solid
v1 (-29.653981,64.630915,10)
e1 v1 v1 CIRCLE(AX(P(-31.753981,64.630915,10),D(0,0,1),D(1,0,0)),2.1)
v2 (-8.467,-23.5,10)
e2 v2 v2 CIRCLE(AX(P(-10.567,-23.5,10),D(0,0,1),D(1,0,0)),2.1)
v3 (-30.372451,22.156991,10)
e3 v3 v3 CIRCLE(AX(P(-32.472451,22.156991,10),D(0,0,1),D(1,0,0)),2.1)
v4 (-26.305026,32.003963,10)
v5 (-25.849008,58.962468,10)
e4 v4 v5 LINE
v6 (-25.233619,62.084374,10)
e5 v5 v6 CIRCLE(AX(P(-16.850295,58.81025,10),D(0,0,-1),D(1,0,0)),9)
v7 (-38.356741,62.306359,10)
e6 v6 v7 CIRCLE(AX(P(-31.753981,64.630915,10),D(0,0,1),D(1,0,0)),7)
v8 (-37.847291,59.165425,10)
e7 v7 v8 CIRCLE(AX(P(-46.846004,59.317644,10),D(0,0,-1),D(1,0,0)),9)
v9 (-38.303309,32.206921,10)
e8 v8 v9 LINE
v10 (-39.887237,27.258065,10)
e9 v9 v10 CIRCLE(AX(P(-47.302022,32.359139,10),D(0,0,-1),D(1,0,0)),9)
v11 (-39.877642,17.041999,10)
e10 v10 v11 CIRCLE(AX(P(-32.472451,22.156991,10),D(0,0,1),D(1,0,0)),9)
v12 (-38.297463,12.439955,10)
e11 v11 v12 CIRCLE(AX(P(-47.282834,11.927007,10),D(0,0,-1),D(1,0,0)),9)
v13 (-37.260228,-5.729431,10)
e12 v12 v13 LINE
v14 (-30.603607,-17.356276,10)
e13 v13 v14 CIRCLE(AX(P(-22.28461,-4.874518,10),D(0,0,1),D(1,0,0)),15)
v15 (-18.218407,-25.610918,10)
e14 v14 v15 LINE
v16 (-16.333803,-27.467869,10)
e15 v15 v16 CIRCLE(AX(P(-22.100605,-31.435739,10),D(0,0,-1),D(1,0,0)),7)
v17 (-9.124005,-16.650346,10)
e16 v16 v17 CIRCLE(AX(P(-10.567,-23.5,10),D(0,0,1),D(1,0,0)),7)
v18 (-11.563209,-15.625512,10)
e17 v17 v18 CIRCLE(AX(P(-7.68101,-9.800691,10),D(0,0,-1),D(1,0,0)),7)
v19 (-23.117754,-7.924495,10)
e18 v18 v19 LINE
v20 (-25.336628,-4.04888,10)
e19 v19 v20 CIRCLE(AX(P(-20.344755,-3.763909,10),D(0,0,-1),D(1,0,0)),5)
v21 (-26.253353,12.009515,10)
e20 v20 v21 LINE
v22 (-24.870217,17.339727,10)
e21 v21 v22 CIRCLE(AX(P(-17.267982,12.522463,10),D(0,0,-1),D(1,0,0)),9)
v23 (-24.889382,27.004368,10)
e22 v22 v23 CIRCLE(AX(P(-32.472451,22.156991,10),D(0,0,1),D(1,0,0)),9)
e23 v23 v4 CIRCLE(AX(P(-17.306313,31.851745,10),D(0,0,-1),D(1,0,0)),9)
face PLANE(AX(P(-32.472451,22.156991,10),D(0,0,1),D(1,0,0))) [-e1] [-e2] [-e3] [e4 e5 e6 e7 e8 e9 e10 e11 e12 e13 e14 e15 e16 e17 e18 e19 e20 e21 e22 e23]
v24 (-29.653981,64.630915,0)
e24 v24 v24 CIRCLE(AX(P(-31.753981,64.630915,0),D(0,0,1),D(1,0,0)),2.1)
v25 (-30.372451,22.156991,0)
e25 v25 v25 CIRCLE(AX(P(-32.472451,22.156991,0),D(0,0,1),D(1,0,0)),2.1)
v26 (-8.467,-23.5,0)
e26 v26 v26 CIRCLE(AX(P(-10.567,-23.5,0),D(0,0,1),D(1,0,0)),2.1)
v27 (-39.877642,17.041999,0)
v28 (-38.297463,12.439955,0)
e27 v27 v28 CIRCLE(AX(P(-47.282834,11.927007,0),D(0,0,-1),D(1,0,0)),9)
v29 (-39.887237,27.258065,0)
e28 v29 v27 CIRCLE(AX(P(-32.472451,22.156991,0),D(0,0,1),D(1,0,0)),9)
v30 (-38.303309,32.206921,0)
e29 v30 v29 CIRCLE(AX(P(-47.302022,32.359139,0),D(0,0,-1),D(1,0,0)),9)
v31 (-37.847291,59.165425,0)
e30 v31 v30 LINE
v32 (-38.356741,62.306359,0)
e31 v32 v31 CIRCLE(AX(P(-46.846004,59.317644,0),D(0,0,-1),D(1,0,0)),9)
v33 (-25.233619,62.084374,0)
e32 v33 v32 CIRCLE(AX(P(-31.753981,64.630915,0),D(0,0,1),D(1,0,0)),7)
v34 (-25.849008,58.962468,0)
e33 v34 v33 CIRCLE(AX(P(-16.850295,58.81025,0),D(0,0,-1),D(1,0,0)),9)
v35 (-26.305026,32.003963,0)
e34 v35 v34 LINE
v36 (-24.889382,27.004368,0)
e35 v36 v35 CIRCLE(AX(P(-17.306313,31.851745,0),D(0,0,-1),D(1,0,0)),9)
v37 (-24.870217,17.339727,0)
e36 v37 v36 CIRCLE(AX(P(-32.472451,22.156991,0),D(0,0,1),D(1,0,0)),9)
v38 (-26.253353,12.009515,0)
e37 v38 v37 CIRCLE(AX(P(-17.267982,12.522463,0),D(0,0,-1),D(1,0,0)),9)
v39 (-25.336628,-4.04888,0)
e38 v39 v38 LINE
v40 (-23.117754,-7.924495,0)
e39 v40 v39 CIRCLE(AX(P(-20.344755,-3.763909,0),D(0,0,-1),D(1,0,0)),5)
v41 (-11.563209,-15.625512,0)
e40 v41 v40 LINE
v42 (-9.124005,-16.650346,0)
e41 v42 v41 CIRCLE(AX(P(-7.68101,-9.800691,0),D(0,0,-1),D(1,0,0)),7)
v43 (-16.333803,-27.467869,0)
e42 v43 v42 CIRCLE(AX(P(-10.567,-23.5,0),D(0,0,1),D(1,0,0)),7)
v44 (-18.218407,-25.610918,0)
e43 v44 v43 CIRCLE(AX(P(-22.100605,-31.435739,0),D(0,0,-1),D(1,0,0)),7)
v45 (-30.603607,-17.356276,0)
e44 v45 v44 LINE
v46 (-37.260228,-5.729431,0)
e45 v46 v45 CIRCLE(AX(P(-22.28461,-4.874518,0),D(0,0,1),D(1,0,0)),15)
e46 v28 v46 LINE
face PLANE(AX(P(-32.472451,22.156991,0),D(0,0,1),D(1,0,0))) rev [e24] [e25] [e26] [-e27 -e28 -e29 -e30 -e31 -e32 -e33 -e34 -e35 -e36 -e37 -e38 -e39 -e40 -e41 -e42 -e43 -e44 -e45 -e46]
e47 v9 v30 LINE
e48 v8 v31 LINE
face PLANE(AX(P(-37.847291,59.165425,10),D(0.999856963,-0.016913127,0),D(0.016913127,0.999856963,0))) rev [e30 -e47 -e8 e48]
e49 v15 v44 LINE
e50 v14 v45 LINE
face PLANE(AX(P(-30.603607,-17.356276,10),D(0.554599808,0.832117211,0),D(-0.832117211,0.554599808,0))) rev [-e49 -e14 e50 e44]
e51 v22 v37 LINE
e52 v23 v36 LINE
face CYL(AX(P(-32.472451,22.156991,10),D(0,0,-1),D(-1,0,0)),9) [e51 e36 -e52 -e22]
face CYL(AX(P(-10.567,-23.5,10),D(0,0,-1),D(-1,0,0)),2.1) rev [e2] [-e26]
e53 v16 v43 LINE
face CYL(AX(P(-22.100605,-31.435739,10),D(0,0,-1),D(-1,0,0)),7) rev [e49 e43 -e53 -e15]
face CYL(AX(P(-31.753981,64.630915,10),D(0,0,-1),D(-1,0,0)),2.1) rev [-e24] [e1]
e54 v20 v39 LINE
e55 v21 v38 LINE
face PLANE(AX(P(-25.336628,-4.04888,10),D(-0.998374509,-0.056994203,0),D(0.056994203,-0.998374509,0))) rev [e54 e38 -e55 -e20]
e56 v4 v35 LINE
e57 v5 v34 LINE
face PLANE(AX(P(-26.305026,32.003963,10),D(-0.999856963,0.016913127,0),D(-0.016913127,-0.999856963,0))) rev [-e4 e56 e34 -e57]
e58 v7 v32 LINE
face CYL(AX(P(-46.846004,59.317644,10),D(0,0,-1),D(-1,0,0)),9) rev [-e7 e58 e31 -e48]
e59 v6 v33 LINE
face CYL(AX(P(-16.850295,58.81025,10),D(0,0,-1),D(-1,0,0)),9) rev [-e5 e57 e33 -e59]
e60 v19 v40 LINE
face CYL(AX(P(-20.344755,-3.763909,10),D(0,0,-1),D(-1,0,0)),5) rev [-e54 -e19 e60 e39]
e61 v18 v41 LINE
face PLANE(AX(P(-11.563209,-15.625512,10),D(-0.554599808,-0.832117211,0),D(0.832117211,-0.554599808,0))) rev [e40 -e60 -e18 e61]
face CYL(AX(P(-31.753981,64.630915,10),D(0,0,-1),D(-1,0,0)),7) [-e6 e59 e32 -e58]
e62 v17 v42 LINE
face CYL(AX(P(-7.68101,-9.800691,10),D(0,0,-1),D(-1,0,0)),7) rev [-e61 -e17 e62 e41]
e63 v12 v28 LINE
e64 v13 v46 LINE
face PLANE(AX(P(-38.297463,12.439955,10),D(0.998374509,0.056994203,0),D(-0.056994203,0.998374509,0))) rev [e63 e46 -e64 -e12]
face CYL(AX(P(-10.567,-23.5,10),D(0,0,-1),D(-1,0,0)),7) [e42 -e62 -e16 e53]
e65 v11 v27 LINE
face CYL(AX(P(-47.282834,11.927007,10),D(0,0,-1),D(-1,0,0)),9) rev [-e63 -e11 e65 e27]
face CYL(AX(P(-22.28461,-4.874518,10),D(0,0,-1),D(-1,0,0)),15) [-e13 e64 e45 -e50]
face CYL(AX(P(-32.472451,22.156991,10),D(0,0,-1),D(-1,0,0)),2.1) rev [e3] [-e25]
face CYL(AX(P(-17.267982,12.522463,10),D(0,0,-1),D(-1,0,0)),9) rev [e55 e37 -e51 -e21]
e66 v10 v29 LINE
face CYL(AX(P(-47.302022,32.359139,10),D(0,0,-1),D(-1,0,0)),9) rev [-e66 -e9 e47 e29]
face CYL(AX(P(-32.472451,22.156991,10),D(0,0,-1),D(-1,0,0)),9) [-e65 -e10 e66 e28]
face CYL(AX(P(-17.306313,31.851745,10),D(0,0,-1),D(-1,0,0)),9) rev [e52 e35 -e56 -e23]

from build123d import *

# Parameters (mm, degrees)
CROQUIS1_R              = 2.1
SALIENTE_EXTRUIR1_DEPTH = 10


with BuildPart() as part:
    # Croquis1 → Saliente-Extruir1 (new body)
    with BuildSketch(Plane.XY):
        with BuildLine():
            Line((-38.297463257, 12.43995528), (-37.260227552, -5.729430968))
            ThreePointArc((-37.260227552, -5.729430968), (-35.302123155, -12.327326048), (-30.603607028, -17.356276091))
            Line((-30.603607028, -17.356276091), (-18.21840671, -25.610918133))
            ThreePointArc((-18.21840671, -25.610918133), (-17.187574321, -26.449545076), (-16.333802614, -27.467869404))
            ThreePointArc((-16.333802614, -27.467869404), (-4.742179488, -27.382198605), (-9.124005181, -16.65034556))
            ThreePointArc((-9.124005181, -16.65034556), (-10.39246616, -16.254217865), (-11.563209017, -15.625511598))
            Line((-11.563209017, -15.625511598), (-23.117754007, -7.92449503))
            ThreePointArc((-23.117754007, -7.92449503), (-24.683926049, -6.248178349), (-25.336627514, -4.048879989))
            Line((-25.336627514, -4.048879989), (-26.253353052, 12.009514726))
            ThreePointArc((-26.253353052, 12.009514726), (-25.979466195, 14.783004808), (-24.870216746, 17.339726714))
            ThreePointArc((-24.870216746, 17.339726714), (-23.472468719, 22.17483806), (-24.889381967, 27.004367864))
            ThreePointArc((-24.889381967, 27.004367864), (-25.965866103, 29.399778244), (-26.305025758, 32.003963281))
            Line((-26.305025758, 32.003963281), (-25.84900792, 58.962467928))
            ThreePointArc((-25.84900792, 58.962467928), (-25.680378416, 60.550833412), (-25.233618645, 62.084373932))
            ThreePointArc((-25.233618645, 62.084373932), (-31.635589461, 71.629913394), (-38.356741428, 62.306358804))
            ThreePointArc((-38.356741428, 62.306358804), (-37.962103741, 60.758585549), (-37.847291474, 59.165425451))
            Line((-37.847291474, 59.165425451), (-38.303309312, 32.206920805))
            ThreePointArc((-38.303309312, 32.206920805), (-38.73035213, 29.615696581), (-39.887236501, 27.25806491))
            ThreePointArc((-39.887236501, 27.25806491), (-41.472447055, 22.148538835), (-39.877642432, 17.041999163))
            ThreePointArc((-39.877642432, 17.041999163), (-38.770646544, 14.849791642), (-38.297463257, 12.43995528))
        make_face()
        with Locations((-10.567, -23.5)):
            Circle(CROQUIS1_R, mode=Mode.SUBTRACT)
        with Locations((-32.472451023, 22.156990874)):
            Circle(CROQUIS1_R, mode=Mode.SUBTRACT)
        with Locations((-31.753981392, 64.630914655)):
            Circle(CROQUIS1_R, mode=Mode.SUBTRACT)
    extrude(amount=SALIENTE_EXTRUIR1_DEPTH)


solid = part.part
